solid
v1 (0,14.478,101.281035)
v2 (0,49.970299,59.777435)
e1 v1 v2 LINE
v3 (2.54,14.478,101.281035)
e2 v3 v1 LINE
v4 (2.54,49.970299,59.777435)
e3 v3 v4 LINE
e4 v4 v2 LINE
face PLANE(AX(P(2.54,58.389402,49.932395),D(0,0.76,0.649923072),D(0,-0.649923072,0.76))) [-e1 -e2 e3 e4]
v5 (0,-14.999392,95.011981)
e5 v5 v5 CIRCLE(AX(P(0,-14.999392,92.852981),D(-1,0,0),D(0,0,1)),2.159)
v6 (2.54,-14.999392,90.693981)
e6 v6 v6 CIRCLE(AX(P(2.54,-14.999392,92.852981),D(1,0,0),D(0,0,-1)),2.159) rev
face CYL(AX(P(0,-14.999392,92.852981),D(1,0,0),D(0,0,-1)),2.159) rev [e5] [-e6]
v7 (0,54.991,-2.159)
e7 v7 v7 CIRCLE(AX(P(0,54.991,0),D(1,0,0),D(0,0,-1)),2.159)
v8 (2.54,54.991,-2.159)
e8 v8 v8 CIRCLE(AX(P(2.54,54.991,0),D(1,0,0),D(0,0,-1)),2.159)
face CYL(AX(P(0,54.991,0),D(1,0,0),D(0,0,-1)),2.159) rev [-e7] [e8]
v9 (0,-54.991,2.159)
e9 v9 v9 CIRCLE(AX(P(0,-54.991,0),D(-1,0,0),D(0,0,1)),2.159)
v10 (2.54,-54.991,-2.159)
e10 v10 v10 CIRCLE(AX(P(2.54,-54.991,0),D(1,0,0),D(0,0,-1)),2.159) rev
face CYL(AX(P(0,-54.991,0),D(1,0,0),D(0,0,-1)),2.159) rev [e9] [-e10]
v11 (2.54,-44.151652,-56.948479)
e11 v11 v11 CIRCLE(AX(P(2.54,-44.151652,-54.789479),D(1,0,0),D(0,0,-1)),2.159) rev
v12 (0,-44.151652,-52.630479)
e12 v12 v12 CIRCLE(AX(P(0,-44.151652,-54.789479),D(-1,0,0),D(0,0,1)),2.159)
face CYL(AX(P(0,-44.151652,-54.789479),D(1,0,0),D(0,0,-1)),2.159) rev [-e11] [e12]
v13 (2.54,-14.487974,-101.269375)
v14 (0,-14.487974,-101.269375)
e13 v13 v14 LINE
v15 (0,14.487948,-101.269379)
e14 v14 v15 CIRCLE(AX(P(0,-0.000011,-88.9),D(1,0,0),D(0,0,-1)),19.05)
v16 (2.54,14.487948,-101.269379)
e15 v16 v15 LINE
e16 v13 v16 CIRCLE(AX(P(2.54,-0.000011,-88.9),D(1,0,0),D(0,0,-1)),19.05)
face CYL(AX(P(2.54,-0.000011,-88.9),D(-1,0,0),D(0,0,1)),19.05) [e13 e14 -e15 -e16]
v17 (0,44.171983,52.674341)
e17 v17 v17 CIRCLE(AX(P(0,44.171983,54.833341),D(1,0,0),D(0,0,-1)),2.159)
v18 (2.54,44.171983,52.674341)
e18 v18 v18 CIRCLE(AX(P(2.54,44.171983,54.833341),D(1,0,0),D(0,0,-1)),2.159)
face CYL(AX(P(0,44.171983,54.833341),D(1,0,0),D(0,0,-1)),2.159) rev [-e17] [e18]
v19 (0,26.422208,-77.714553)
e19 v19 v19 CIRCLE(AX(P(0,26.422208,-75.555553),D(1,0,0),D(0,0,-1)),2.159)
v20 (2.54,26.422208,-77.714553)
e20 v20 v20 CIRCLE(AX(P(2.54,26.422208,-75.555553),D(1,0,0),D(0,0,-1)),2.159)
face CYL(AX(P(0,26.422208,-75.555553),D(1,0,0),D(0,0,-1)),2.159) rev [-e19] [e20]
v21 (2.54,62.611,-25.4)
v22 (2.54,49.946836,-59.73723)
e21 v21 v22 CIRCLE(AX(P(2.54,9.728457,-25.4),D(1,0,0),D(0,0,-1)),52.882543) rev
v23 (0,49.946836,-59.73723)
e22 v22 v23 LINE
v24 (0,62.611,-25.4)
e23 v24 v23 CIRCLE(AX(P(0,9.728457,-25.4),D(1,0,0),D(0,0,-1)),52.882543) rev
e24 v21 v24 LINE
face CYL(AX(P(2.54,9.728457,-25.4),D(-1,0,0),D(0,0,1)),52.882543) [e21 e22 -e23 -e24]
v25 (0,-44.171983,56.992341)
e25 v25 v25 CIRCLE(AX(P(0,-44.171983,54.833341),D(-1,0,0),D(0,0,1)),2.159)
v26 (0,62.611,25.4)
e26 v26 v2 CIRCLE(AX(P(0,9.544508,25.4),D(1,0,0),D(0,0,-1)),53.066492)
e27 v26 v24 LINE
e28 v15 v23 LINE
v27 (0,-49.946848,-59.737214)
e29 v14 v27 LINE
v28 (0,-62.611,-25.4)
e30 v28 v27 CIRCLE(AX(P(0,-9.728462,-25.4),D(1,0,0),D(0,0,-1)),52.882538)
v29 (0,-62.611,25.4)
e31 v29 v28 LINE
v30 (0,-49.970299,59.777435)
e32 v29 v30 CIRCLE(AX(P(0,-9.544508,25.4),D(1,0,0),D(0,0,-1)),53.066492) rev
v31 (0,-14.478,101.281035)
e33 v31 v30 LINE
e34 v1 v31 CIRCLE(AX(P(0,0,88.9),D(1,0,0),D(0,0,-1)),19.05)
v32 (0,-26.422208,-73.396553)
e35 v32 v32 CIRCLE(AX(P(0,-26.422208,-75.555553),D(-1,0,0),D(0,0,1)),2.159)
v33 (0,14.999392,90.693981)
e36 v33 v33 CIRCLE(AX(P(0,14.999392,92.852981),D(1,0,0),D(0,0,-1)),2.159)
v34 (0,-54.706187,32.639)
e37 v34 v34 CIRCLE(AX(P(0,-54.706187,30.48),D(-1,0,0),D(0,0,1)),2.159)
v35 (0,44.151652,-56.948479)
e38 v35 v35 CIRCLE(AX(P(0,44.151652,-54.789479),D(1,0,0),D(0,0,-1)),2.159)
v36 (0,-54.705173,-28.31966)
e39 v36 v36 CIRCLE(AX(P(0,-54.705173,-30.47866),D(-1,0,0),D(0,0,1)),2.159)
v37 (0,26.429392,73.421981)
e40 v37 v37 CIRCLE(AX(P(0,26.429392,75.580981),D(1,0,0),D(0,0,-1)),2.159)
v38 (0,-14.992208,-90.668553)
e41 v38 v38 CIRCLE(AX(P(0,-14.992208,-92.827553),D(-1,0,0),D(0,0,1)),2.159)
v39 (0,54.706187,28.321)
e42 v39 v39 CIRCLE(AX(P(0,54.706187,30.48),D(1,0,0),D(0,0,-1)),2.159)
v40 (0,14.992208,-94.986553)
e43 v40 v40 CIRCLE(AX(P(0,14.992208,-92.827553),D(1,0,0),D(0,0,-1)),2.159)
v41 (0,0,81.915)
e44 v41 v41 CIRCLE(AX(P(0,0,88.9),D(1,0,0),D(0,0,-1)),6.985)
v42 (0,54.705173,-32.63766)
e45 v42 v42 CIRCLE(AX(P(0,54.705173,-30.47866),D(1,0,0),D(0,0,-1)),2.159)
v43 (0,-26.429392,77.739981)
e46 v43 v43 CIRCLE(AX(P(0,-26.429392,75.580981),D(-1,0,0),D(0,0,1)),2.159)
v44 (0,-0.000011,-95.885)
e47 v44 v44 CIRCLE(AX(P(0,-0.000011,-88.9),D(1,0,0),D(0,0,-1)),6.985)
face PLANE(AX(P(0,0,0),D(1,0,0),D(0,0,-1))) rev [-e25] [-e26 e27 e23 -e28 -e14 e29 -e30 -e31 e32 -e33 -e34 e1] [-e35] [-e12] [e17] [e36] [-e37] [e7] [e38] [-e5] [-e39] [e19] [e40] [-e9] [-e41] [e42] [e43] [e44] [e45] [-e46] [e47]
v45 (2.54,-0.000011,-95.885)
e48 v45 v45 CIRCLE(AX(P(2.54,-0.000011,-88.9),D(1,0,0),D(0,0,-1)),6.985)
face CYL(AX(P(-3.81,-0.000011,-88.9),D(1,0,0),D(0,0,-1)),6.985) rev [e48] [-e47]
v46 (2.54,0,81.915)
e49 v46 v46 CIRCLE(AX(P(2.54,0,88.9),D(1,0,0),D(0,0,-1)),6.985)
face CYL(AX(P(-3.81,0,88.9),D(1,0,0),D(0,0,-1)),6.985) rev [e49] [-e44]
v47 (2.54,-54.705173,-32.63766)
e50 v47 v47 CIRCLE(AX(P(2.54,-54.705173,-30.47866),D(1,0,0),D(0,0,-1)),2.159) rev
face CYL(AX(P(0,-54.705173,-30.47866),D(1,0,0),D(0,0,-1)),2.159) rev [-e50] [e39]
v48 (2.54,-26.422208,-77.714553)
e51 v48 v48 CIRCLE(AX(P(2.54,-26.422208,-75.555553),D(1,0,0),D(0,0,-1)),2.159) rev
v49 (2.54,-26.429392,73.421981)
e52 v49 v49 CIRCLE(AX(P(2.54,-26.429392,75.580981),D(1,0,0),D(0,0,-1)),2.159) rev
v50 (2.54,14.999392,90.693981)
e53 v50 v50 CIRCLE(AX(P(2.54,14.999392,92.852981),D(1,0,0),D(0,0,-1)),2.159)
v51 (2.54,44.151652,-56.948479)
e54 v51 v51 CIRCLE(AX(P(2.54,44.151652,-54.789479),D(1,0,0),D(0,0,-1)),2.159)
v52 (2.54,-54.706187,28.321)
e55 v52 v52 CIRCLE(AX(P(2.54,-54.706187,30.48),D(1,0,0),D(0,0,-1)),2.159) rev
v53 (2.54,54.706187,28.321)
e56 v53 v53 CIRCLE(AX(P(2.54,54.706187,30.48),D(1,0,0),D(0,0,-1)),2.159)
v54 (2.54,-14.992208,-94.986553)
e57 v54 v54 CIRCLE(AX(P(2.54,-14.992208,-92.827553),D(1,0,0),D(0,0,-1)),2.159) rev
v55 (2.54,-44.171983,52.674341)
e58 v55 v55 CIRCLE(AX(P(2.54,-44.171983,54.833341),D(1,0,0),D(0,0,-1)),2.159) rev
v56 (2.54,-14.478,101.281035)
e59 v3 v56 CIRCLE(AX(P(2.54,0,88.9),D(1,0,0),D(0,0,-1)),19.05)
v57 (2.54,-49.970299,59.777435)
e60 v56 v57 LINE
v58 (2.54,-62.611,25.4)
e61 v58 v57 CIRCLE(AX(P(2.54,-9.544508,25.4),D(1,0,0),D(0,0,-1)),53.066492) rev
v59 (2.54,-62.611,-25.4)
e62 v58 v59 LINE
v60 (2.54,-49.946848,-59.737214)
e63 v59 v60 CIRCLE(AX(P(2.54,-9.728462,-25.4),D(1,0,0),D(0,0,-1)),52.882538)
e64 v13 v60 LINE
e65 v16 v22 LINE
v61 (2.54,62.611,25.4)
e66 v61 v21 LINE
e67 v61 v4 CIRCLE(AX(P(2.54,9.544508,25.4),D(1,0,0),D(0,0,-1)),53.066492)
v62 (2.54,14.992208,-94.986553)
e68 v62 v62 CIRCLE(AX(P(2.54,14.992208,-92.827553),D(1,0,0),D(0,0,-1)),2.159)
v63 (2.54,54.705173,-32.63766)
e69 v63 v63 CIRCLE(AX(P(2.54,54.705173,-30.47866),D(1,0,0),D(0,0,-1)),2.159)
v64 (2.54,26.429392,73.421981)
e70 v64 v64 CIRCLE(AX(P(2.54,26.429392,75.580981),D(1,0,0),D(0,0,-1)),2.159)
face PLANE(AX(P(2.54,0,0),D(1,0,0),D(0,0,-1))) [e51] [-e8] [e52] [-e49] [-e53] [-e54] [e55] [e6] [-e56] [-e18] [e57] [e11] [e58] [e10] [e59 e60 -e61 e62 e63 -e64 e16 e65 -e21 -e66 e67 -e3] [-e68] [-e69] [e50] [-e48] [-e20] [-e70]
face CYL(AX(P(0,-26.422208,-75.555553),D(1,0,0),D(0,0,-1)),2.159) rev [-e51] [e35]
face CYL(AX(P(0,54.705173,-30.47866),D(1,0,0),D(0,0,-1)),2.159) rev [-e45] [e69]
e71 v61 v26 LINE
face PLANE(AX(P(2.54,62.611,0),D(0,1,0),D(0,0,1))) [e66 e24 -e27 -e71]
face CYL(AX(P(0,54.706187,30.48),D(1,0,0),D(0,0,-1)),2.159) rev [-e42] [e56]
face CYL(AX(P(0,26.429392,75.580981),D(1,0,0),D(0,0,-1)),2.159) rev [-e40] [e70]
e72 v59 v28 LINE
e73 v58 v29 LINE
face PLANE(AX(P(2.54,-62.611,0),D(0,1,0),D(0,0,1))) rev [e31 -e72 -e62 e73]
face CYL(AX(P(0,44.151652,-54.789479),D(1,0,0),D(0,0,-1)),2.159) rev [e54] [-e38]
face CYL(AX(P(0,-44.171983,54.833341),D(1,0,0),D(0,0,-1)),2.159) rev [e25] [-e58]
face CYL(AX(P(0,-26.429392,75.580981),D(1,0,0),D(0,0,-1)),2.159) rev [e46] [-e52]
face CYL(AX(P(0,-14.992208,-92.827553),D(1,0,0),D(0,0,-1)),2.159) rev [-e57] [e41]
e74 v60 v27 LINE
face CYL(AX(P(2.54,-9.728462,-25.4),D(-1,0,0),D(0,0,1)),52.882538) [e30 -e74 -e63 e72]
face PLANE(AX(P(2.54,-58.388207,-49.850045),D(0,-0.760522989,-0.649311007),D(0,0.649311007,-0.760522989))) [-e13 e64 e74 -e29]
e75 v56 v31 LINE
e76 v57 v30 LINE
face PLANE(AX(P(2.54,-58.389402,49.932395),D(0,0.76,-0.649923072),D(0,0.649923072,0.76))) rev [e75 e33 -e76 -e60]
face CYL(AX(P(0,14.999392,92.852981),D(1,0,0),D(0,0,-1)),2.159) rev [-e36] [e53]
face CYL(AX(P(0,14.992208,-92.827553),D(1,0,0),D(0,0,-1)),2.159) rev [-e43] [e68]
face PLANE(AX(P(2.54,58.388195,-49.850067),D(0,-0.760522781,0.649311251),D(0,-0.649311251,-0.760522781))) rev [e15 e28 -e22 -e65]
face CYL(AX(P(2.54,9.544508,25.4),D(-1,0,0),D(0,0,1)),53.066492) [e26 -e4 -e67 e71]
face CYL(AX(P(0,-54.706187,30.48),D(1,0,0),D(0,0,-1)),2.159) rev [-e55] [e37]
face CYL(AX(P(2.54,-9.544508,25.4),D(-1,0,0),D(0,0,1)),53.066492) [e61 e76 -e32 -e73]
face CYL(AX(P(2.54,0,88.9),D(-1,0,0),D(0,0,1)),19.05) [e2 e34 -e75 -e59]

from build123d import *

# Parameters (mm, degrees)
SKETCH1_R               = 19.05
BOSS_EXTRUDE1_DEPTH     = 2.54
CUT_EXTRUDE3_DEPTH      = 125.81903469
CUT_EXTRUDE3_DEPTH_BACK = 125.81903469
SKETCH4_R               = 2.159
SKETCH5_R               = 6.985
CUT_EXTRUDE4_DEPTH      = 6.35


with BuildPart() as part:
    # Sketch1 → Boss-Extrude1 (new body)
    with BuildSketch(Plane(origin=(0, 0, 0), x_dir=(0, 0, -1), z_dir=(1, 0, 0))):
        with BuildLine():
            Line((25.4, 62.611), (-25.4, 62.611))
            ThreePointArc((-25.4, 62.611), (-43.71389723, 59.350669702), (-59.777434529, 49.970298982))
            Line((-59.777434529, 49.970298982), (-101.281034529, 14.478))
            ThreePointArc((-101.281034529, 14.478), (-80.929937509, 17.302618411), (-69.85, 0))
            ThreePointArc((-69.85, 0), (-80.929937509, -17.302618411), (-101.281034529, -14.478))
            Line((-101.281034529, -14.478), (-59.777434529, -49.970298982))
            ThreePointArc((-59.777434529, -49.970298982), (-43.71389723, -59.350669702), (-25.4, -62.611))
            Line((-25.4, -62.611), (25.4, -62.611))
            ThreePointArc((25.4, -62.611), (43.699078076, -59.34404997), (59.737214243, -49.946847768))
            Line((59.737214243, -49.946847768), (101.269374674, -14.487973703))
            ThreePointArc((101.269374674, -14.487973703), (69.85, -7.706e-06), (101.269379322, 14.48794821))
            Line((101.269379322, 14.48794821), (59.737230268, 49.9468356))
            ThreePointArc((59.737230268, 49.9468356), (43.699087699, 59.344046737), (25.4, 62.611))
        make_face()
        with Locations((88.9, -1.0762e-05)):
            Circle(SKETCH1_R)
        with Locations((-88.9, 0)):
            Circle(SKETCH1_R)
    extrude(amount=BOSS_EXTRUDE1_DEPTH)

    # Sketch4 → Cut-Extrude3 (cut, two sides: drawn at the far end of the back side and taken through both)
    with BuildSketch(Plane(origin=(2.54, 0, 0), x_dir=(0, 0, -1), z_dir=(1, 0, 0)).offset(-CUT_EXTRUDE3_DEPTH_BACK)):
        with Locations((-30.48, 54.706186836)):
            Circle(SKETCH4_R)
        with Locations((-54.833341451, 44.171983407)):
            Circle(SKETCH4_R)
        with Locations((54.789478539, 44.151652011)):
            Circle(SKETCH4_R)
        with Locations((30.478659799, 54.70517335)):
            Circle(SKETCH4_R)
        with Locations((-75.580981084, 26.429391704)):
            Circle(SKETCH4_R)
        with Locations((75.555553066, 26.422208316)):
            Circle(SKETCH4_R)
        with Locations((0, 54.991)):
            Circle(SKETCH4_R)
        with Locations((-92.852981084, 14.999391704)):
            Circle(SKETCH4_R)
        with Locations((92.827553066, 14.992208316)):
            Circle(SKETCH4_R)
        with Locations((92.827553066, -14.992208316)):
            Circle(SKETCH4_R)
        with Locations((75.555553066, -26.422208316)):
            Circle(SKETCH4_R)
        with Locations((54.789478539, -44.151652011)):
            Circle(SKETCH4_R)
        with Locations((30.478659799, -54.70517335)):
            Circle(SKETCH4_R)
        with Locations((0, -54.991)):
            Circle(SKETCH4_R)
        with Locations((-30.48, -54.706186836)):
            Circle(SKETCH4_R)
        with Locations((-54.833341451, -44.171983407)):
            Circle(SKETCH4_R)
        with Locations((-75.580981084, -26.429391704)):
            Circle(SKETCH4_R)
        with Locations((-92.852981084, -14.999391704)):
            Circle(SKETCH4_R)
    extrude(amount=CUT_EXTRUDE3_DEPTH + CUT_EXTRUDE3_DEPTH_BACK, mode=Mode.SUBTRACT)

    # Sketch5 → Cut-Extrude4 (cut)
    with BuildSketch(Plane(origin=(2.54, 0, 0), x_dir=(0, 0, -1), z_dir=(1, 0, 0))):
        with Locations((-88.9, 0)):
            Circle(SKETCH5_R)
        with Locations((88.9, -1.0762e-05)):
            Circle(SKETCH5_R)
    extrude(amount=-CUT_EXTRUDE4_DEPTH, mode=Mode.SUBTRACT)


solid = part.part
